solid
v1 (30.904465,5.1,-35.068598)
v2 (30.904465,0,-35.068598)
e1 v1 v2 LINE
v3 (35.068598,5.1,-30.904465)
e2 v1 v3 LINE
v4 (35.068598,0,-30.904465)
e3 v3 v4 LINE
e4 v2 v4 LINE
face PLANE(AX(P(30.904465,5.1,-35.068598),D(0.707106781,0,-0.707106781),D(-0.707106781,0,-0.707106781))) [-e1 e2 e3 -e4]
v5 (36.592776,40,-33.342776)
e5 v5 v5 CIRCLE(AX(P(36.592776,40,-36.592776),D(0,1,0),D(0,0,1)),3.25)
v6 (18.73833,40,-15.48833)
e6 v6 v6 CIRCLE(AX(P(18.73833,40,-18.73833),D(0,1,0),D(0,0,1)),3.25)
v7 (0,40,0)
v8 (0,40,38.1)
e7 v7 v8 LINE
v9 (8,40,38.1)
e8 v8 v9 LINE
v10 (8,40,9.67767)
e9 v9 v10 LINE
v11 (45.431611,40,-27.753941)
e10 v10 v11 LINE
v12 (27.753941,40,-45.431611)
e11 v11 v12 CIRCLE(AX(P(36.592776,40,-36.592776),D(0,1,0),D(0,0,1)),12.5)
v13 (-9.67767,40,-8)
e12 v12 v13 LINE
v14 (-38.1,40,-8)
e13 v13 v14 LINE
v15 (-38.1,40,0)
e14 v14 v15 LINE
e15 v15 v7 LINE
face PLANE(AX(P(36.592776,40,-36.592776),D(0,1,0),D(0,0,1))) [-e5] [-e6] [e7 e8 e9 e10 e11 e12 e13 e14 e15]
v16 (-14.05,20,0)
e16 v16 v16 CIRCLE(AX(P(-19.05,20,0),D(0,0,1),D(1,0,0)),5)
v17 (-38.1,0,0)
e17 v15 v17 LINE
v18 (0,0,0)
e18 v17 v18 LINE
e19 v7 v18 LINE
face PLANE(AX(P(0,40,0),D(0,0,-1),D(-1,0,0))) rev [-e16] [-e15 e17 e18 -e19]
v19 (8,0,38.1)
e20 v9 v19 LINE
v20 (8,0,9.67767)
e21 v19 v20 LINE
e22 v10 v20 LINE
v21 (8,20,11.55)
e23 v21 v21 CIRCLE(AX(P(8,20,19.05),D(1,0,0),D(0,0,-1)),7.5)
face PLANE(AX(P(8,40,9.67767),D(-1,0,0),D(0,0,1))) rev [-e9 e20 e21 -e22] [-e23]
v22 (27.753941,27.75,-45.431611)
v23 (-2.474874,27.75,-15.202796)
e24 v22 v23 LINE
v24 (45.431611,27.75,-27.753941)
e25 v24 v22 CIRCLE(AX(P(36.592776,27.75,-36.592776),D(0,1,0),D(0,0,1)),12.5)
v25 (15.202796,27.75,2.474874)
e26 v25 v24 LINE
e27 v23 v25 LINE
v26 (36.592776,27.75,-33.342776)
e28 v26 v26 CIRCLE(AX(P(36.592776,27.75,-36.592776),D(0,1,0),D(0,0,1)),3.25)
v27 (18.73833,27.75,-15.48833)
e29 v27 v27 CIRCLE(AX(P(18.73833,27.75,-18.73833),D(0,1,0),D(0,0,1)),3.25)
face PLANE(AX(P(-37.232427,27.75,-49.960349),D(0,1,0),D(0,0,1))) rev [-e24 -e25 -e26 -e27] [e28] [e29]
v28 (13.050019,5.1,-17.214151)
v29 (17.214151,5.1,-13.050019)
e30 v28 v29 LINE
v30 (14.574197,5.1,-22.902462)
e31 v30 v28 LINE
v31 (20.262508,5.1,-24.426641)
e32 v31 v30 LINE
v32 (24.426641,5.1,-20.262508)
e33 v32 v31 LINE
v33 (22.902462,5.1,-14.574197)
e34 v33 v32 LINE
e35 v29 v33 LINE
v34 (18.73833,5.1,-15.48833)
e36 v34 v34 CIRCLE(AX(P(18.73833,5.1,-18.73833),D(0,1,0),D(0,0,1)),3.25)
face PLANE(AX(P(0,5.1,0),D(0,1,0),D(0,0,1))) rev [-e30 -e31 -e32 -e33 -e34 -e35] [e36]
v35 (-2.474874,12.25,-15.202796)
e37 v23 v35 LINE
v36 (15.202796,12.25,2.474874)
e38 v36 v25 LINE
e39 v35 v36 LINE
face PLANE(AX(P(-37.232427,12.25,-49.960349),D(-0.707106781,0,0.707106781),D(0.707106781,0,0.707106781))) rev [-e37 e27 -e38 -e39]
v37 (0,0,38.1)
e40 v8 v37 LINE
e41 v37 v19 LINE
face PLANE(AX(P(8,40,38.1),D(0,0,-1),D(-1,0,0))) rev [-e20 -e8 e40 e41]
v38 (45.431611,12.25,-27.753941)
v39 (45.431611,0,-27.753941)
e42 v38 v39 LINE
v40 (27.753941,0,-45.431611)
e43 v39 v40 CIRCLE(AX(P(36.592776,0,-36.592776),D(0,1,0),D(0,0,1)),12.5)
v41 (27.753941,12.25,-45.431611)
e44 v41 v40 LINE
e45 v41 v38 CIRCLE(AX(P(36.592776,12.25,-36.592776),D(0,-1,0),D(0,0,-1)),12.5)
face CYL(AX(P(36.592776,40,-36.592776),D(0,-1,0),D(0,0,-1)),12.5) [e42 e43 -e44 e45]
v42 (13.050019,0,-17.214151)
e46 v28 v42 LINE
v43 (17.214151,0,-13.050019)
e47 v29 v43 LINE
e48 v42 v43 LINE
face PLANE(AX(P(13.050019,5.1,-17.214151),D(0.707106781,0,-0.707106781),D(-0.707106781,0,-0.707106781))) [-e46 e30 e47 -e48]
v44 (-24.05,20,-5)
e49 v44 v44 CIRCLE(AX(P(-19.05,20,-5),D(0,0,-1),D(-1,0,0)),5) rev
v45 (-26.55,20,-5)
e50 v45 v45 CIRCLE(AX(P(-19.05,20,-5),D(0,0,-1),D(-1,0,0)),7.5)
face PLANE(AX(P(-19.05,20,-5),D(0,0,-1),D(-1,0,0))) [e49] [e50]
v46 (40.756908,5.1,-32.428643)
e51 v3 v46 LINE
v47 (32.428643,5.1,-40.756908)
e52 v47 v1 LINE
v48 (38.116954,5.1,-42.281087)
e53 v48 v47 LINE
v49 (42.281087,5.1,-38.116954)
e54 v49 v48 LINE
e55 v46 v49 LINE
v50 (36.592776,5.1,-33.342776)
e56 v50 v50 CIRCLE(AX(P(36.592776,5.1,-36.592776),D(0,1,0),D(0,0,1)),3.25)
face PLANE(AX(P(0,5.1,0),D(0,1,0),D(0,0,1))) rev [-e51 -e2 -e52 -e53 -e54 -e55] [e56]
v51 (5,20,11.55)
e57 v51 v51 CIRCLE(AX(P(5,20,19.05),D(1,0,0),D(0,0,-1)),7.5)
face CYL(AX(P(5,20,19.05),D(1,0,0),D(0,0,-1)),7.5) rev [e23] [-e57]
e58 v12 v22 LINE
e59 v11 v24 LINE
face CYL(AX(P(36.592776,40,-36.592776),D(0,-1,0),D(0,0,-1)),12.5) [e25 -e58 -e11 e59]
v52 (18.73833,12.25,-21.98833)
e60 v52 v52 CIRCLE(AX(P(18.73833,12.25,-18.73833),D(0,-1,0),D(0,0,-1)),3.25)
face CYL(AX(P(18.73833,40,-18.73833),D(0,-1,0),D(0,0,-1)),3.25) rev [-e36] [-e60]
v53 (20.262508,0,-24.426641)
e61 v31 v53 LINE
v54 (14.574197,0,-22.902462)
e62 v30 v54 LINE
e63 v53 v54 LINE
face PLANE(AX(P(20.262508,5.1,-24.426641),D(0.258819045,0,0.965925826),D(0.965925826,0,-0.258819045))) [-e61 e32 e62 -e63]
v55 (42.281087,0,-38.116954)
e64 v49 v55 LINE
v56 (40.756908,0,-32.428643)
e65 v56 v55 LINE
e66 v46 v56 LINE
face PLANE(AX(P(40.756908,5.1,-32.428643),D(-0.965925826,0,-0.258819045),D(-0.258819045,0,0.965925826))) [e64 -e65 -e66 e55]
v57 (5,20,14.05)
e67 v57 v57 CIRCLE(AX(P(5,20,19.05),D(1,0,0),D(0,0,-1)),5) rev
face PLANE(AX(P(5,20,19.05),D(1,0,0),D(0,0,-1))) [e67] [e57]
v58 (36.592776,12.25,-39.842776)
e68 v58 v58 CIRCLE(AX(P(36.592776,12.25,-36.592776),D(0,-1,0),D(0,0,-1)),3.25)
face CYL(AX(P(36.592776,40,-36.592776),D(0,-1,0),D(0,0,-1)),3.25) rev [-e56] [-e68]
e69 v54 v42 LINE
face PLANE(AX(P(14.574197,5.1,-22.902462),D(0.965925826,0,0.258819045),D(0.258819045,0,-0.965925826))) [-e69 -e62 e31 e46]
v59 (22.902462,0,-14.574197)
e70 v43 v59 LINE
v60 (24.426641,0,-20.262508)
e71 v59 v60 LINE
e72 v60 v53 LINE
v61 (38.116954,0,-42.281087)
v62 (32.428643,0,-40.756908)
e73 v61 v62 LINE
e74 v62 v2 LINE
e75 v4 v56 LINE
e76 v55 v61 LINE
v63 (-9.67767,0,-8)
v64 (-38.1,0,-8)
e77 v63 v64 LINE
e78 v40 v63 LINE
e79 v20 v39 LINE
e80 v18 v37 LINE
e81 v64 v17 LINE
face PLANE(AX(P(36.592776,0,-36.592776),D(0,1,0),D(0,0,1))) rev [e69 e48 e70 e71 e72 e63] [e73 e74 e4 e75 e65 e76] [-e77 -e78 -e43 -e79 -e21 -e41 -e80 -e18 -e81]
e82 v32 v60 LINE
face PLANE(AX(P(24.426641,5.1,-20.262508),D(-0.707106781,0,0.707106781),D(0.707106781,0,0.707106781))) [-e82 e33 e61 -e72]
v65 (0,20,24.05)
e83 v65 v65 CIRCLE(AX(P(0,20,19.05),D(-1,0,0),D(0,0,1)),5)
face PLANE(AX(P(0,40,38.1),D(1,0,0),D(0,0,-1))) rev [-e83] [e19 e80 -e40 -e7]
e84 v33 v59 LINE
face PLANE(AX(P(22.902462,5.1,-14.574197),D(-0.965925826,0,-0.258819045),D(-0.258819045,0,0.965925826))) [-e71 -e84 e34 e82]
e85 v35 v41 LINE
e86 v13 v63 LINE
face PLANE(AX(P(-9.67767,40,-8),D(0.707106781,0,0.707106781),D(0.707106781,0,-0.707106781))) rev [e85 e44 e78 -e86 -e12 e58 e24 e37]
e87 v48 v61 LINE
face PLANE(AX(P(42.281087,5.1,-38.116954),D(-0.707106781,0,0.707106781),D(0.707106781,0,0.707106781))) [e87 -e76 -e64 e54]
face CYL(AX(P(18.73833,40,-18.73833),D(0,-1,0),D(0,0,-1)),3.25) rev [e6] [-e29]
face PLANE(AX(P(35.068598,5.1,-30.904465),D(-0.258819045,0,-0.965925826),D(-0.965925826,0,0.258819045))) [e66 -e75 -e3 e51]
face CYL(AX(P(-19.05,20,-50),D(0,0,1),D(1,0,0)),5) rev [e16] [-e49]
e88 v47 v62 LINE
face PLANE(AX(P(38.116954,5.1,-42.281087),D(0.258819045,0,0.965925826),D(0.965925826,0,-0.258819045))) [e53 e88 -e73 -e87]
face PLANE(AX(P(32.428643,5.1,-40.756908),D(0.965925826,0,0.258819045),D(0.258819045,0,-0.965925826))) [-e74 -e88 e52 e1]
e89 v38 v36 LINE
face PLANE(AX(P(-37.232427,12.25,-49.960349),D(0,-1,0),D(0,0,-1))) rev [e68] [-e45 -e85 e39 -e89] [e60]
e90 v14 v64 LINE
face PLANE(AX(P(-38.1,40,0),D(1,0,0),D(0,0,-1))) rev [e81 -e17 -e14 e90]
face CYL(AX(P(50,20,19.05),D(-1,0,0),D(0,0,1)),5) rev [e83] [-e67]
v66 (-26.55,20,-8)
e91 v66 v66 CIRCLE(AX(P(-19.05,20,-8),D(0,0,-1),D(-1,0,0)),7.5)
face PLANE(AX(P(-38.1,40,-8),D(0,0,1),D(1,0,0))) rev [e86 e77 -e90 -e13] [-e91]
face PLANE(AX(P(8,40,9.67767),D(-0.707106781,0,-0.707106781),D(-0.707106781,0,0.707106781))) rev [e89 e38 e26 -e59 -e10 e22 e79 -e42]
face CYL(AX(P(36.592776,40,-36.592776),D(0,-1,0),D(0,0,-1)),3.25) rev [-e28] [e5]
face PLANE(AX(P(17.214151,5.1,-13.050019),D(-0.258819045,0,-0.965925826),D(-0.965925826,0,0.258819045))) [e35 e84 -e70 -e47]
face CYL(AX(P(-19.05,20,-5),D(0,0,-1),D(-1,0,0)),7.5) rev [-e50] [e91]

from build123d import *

# Parameters (mm, degrees)
SKETCH2_R               = 3.25
BOSS_EXTRUDE1_DEPTH     = 40
CUT_EXTRUDE1_DEPTH      = 81.126158627
CUT_EXTRUDE1_DEPTH_BACK = 81.126158627
SKETCH4_R               = 5
CUT_EXTRUDE2_DEPTH      = 50
SKETCH6_R               = 5
CUT_EXTRUDE4_DEPTH      = 50
SKETCH7_R               = 7.5
CUT_EXTRUDE5_DEPTH      = 3
CUT_EXTRUDE6_DEPTH      = 5.1
SKETCH5_R               = 7.5
CUT_EXTRUDE7_DEPTH      = 3


with BuildPart() as part:
    # Sketch2 → Boss-Extrude1 (new body)
    with BuildSketch(Plane(origin=(0, 0, 0), x_dir=(1, 0, 0), z_dir=(0, 1, 0))):
        with BuildLine():
            Line((-38.1, 0), (-38.1, 8))
            Line((-38.1, 8), (-9.67766953, 8))
            Line((-9.67766953, 8), (27.753941162, 45.431610691))
            ThreePointArc((27.753941162, 45.431610691), (45.431610691, 45.431610691), (45.431610691, 27.753941162))
            Line((45.431610691, 27.753941162), (8, -9.67766953))
            Line((8, -9.67766953), (8, -38.1))
            Line((8, -38.1), (0, -38.1))
            Line((0, -38.1), (0, 0))
            Line((0, 0), (-38.1, 0))
        make_face()
        with Locations(Location((18.738329701, 18.738329701, 0), (0, 0, 270))):
            Circle(SKETCH2_R, mode=Mode.SUBTRACT)
        with Locations(Location((36.592775926, 36.592775926, 0), (0, 0, 270))):
            Circle(SKETCH2_R, mode=Mode.SUBTRACT)
    extrude(amount=BOSS_EXTRUDE1_DEPTH)

    # Sketch3 → Cut-Extrude1 (cut, two sides: drawn at the far end of the back side and taken through both)
    with BuildSketch(Plane(origin=(0, 0, 0), x_dir=(0, -1, 0), z_dir=(0.7071067811865488, 0, 0.7071067811865464)).offset(-CUT_EXTRUDE1_DEPTH_BACK)):
        Polygon((-12.25, 9), (-27.75, 9), (-27.75, 69), (-35, 69), (-35, 89), (-5, 89), (-5, 69), (-12.25, 69), align=None)
    extrude(amount=CUT_EXTRUDE1_DEPTH + CUT_EXTRUDE1_DEPTH_BACK, mode=Mode.SUBTRACT)

    # Sketch4 → Cut-Extrude2 (cut)
    with BuildSketch(Plane.XY):
        with Locations((-19.05, 20)):
            Circle(SKETCH4_R)
    extrude(amount=-CUT_EXTRUDE2_DEPTH, mode=Mode.SUBTRACT)

    # Sketch6 → Cut-Extrude4 (cut)
    with BuildSketch(Plane.ZY):
        with Locations((19.05, 20)):
            Circle(SKETCH6_R)
    extrude(amount=-CUT_EXTRUDE4_DEPTH, mode=Mode.SUBTRACT)

    # Sketch7 → Cut-Extrude5 (cut)
    with BuildSketch(Plane(origin=(8, 0, 0), x_dir=(0, 0, -1), z_dir=(1, 0, 0))):
        with Locations((-19.05, 20)):
            Circle(SKETCH7_R)
    extrude(amount=-CUT_EXTRUDE5_DEPTH, mode=Mode.SUBTRACT)

    # Sketch10 → Cut-Extrude6 (cut)
    with BuildSketch(Plane(origin=(0, 0, 0), x_dir=(1, 0, 0), z_dir=(0, 1, 0))):
        Polygon((14.574197139, 22.902462264), (13.050018836, 17.214151399), (17.214151399, 13.050018836), (22.902462264, 14.574197139), (24.426640567, 20.262508004), (20.262508004, 24.426640567), align=None)
        Polygon((35.068597624, 30.904465061), (40.756908489, 32.428643364), (42.281086792, 38.116954229), (38.116954229, 42.281086792), (32.428643364, 40.756908489), (30.904465061, 35.068597624), align=None)
    extrude(amount=CUT_EXTRUDE6_DEPTH, mode=Mode.SUBTRACT)

    # Sketch5 → Cut-Extrude7 (cut)
    with BuildSketch(Plane(origin=(0, 0, -8), x_dir=(-1, 0, 0), z_dir=(0, 0, -1))):
        with Locations((19.05, 20)):
            Circle(SKETCH5_R)
    extrude(amount=-CUT_EXTRUDE7_DEPTH, mode=Mode.SUBTRACT)


solid = part.part
